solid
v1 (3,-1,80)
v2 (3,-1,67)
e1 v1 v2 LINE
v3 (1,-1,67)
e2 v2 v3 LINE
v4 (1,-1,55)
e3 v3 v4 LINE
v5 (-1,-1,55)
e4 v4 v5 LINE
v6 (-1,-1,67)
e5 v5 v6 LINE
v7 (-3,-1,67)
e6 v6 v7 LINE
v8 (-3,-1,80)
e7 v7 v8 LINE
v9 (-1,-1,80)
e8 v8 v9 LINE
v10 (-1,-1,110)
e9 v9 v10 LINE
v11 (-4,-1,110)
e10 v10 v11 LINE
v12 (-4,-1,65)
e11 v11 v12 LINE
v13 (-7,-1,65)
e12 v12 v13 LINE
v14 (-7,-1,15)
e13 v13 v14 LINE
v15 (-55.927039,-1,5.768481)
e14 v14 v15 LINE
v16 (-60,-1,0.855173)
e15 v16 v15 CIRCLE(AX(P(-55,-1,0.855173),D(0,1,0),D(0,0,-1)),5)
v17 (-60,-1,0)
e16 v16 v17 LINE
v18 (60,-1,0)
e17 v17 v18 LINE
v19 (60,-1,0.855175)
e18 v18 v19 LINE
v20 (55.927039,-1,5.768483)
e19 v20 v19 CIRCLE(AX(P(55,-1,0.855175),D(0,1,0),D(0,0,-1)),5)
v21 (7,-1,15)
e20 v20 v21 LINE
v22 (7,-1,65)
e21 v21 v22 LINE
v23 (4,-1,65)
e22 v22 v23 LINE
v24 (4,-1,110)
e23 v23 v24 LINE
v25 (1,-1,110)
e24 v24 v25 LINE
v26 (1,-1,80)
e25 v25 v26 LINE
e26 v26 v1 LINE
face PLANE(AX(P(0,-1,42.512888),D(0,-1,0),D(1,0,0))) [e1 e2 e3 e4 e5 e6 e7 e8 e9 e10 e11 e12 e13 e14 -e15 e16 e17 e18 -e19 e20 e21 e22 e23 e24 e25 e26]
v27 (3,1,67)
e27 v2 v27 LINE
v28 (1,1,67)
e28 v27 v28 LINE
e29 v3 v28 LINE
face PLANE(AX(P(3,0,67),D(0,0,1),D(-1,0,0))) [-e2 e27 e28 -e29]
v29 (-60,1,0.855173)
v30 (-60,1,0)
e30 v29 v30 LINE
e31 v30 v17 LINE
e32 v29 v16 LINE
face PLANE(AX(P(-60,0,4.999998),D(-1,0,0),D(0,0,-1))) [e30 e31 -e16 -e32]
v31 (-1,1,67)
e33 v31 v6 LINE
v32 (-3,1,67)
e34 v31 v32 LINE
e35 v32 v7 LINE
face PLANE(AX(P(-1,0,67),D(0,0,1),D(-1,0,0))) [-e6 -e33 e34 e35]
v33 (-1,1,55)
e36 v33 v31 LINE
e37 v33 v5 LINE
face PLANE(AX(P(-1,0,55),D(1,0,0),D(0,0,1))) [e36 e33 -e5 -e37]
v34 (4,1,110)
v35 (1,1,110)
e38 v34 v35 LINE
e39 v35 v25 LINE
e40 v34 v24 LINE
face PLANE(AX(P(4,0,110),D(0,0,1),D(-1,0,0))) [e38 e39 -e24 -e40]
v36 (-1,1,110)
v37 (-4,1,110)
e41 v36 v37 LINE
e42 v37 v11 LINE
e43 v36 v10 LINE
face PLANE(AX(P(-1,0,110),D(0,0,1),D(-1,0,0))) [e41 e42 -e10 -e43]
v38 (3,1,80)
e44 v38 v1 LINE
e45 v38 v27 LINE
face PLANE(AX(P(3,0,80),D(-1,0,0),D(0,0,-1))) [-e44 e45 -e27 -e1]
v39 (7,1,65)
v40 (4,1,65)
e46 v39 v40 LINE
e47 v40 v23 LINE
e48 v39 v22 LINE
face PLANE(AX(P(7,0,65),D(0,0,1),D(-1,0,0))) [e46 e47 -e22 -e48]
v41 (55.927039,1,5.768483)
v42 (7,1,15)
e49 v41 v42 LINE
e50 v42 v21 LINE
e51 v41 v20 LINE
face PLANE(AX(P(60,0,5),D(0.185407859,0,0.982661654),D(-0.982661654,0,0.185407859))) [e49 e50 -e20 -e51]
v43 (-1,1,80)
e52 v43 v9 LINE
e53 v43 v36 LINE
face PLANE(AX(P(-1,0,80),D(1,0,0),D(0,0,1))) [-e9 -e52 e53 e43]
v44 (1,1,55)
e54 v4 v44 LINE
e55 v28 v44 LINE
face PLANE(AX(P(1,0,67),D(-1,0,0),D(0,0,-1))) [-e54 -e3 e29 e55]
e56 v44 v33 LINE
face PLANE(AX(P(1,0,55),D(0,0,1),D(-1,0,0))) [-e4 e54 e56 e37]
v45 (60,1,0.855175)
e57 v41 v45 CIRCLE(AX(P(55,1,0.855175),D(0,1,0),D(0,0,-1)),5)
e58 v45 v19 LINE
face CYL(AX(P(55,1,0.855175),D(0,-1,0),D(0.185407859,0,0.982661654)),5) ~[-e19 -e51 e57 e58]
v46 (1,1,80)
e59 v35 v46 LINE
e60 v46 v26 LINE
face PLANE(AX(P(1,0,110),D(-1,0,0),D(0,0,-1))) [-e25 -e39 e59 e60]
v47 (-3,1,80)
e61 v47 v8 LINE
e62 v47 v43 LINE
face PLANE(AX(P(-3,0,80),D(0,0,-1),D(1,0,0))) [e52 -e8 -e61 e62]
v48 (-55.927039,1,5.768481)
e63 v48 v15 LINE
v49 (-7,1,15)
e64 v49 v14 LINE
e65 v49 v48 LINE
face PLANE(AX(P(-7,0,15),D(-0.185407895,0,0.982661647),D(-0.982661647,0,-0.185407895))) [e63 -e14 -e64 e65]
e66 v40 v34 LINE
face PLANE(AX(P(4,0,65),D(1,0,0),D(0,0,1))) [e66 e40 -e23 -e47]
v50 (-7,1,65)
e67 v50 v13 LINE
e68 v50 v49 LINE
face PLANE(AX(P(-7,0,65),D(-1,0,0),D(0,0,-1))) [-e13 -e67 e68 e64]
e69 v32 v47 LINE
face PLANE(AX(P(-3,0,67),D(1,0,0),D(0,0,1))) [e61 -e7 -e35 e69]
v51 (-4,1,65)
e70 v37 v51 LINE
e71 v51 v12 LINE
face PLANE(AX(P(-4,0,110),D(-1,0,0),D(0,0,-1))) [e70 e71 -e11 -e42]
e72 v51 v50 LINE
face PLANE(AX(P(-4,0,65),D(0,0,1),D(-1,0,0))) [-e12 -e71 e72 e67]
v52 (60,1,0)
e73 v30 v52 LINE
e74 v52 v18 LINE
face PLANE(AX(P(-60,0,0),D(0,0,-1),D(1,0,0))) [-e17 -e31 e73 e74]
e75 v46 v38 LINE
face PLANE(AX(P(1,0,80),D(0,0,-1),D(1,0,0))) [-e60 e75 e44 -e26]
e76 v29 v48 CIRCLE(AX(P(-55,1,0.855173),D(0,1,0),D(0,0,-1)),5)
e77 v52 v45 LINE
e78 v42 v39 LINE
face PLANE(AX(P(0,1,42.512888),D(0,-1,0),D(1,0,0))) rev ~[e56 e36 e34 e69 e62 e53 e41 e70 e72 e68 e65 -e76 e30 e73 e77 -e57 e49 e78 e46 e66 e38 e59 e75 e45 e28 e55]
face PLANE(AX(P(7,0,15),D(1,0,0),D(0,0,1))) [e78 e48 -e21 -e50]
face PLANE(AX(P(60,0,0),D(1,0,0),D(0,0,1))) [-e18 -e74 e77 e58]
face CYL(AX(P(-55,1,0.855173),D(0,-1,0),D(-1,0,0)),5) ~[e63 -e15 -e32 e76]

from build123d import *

# Parameters (mm, degrees)
F1_DEPTH      = 1
F1_DEPTH_BACK = 1
F2_R          = 5


with BuildPart() as f1:
    # F0 (on Front) → F1 (new body, two sides)
    with BuildSketch(Plane.XZ) as f1_sk:
        Polygon((1, 55), (-1, 55), (-1, 67), (-3, 67), (-3, 80), (-1, 80), (-1, 110), (-4, 110), (-4, 65), (-7, 65), (-7, 15), (-60, 4.999998), (-60, 0), (60, 0), (60, 5), (7, 15), (7, 65), (4, 65), (4, 110), (1, 110), (1, 80), (3, 80), (3, 67), (1, 67), align=None)
    extrude(amount=F1_DEPTH)
    extrude(f1_sk.sketch, amount=-F1_DEPTH_BACK)

    # F2
    f2_edges = [f1.edges().sort_by_distance(p)[0] for p in [
        (-60, 0, 4.999998),
        (60, 0, 5),
    ]]
    fillet(f2_edges, radius=F2_R)


solid = f1.part
